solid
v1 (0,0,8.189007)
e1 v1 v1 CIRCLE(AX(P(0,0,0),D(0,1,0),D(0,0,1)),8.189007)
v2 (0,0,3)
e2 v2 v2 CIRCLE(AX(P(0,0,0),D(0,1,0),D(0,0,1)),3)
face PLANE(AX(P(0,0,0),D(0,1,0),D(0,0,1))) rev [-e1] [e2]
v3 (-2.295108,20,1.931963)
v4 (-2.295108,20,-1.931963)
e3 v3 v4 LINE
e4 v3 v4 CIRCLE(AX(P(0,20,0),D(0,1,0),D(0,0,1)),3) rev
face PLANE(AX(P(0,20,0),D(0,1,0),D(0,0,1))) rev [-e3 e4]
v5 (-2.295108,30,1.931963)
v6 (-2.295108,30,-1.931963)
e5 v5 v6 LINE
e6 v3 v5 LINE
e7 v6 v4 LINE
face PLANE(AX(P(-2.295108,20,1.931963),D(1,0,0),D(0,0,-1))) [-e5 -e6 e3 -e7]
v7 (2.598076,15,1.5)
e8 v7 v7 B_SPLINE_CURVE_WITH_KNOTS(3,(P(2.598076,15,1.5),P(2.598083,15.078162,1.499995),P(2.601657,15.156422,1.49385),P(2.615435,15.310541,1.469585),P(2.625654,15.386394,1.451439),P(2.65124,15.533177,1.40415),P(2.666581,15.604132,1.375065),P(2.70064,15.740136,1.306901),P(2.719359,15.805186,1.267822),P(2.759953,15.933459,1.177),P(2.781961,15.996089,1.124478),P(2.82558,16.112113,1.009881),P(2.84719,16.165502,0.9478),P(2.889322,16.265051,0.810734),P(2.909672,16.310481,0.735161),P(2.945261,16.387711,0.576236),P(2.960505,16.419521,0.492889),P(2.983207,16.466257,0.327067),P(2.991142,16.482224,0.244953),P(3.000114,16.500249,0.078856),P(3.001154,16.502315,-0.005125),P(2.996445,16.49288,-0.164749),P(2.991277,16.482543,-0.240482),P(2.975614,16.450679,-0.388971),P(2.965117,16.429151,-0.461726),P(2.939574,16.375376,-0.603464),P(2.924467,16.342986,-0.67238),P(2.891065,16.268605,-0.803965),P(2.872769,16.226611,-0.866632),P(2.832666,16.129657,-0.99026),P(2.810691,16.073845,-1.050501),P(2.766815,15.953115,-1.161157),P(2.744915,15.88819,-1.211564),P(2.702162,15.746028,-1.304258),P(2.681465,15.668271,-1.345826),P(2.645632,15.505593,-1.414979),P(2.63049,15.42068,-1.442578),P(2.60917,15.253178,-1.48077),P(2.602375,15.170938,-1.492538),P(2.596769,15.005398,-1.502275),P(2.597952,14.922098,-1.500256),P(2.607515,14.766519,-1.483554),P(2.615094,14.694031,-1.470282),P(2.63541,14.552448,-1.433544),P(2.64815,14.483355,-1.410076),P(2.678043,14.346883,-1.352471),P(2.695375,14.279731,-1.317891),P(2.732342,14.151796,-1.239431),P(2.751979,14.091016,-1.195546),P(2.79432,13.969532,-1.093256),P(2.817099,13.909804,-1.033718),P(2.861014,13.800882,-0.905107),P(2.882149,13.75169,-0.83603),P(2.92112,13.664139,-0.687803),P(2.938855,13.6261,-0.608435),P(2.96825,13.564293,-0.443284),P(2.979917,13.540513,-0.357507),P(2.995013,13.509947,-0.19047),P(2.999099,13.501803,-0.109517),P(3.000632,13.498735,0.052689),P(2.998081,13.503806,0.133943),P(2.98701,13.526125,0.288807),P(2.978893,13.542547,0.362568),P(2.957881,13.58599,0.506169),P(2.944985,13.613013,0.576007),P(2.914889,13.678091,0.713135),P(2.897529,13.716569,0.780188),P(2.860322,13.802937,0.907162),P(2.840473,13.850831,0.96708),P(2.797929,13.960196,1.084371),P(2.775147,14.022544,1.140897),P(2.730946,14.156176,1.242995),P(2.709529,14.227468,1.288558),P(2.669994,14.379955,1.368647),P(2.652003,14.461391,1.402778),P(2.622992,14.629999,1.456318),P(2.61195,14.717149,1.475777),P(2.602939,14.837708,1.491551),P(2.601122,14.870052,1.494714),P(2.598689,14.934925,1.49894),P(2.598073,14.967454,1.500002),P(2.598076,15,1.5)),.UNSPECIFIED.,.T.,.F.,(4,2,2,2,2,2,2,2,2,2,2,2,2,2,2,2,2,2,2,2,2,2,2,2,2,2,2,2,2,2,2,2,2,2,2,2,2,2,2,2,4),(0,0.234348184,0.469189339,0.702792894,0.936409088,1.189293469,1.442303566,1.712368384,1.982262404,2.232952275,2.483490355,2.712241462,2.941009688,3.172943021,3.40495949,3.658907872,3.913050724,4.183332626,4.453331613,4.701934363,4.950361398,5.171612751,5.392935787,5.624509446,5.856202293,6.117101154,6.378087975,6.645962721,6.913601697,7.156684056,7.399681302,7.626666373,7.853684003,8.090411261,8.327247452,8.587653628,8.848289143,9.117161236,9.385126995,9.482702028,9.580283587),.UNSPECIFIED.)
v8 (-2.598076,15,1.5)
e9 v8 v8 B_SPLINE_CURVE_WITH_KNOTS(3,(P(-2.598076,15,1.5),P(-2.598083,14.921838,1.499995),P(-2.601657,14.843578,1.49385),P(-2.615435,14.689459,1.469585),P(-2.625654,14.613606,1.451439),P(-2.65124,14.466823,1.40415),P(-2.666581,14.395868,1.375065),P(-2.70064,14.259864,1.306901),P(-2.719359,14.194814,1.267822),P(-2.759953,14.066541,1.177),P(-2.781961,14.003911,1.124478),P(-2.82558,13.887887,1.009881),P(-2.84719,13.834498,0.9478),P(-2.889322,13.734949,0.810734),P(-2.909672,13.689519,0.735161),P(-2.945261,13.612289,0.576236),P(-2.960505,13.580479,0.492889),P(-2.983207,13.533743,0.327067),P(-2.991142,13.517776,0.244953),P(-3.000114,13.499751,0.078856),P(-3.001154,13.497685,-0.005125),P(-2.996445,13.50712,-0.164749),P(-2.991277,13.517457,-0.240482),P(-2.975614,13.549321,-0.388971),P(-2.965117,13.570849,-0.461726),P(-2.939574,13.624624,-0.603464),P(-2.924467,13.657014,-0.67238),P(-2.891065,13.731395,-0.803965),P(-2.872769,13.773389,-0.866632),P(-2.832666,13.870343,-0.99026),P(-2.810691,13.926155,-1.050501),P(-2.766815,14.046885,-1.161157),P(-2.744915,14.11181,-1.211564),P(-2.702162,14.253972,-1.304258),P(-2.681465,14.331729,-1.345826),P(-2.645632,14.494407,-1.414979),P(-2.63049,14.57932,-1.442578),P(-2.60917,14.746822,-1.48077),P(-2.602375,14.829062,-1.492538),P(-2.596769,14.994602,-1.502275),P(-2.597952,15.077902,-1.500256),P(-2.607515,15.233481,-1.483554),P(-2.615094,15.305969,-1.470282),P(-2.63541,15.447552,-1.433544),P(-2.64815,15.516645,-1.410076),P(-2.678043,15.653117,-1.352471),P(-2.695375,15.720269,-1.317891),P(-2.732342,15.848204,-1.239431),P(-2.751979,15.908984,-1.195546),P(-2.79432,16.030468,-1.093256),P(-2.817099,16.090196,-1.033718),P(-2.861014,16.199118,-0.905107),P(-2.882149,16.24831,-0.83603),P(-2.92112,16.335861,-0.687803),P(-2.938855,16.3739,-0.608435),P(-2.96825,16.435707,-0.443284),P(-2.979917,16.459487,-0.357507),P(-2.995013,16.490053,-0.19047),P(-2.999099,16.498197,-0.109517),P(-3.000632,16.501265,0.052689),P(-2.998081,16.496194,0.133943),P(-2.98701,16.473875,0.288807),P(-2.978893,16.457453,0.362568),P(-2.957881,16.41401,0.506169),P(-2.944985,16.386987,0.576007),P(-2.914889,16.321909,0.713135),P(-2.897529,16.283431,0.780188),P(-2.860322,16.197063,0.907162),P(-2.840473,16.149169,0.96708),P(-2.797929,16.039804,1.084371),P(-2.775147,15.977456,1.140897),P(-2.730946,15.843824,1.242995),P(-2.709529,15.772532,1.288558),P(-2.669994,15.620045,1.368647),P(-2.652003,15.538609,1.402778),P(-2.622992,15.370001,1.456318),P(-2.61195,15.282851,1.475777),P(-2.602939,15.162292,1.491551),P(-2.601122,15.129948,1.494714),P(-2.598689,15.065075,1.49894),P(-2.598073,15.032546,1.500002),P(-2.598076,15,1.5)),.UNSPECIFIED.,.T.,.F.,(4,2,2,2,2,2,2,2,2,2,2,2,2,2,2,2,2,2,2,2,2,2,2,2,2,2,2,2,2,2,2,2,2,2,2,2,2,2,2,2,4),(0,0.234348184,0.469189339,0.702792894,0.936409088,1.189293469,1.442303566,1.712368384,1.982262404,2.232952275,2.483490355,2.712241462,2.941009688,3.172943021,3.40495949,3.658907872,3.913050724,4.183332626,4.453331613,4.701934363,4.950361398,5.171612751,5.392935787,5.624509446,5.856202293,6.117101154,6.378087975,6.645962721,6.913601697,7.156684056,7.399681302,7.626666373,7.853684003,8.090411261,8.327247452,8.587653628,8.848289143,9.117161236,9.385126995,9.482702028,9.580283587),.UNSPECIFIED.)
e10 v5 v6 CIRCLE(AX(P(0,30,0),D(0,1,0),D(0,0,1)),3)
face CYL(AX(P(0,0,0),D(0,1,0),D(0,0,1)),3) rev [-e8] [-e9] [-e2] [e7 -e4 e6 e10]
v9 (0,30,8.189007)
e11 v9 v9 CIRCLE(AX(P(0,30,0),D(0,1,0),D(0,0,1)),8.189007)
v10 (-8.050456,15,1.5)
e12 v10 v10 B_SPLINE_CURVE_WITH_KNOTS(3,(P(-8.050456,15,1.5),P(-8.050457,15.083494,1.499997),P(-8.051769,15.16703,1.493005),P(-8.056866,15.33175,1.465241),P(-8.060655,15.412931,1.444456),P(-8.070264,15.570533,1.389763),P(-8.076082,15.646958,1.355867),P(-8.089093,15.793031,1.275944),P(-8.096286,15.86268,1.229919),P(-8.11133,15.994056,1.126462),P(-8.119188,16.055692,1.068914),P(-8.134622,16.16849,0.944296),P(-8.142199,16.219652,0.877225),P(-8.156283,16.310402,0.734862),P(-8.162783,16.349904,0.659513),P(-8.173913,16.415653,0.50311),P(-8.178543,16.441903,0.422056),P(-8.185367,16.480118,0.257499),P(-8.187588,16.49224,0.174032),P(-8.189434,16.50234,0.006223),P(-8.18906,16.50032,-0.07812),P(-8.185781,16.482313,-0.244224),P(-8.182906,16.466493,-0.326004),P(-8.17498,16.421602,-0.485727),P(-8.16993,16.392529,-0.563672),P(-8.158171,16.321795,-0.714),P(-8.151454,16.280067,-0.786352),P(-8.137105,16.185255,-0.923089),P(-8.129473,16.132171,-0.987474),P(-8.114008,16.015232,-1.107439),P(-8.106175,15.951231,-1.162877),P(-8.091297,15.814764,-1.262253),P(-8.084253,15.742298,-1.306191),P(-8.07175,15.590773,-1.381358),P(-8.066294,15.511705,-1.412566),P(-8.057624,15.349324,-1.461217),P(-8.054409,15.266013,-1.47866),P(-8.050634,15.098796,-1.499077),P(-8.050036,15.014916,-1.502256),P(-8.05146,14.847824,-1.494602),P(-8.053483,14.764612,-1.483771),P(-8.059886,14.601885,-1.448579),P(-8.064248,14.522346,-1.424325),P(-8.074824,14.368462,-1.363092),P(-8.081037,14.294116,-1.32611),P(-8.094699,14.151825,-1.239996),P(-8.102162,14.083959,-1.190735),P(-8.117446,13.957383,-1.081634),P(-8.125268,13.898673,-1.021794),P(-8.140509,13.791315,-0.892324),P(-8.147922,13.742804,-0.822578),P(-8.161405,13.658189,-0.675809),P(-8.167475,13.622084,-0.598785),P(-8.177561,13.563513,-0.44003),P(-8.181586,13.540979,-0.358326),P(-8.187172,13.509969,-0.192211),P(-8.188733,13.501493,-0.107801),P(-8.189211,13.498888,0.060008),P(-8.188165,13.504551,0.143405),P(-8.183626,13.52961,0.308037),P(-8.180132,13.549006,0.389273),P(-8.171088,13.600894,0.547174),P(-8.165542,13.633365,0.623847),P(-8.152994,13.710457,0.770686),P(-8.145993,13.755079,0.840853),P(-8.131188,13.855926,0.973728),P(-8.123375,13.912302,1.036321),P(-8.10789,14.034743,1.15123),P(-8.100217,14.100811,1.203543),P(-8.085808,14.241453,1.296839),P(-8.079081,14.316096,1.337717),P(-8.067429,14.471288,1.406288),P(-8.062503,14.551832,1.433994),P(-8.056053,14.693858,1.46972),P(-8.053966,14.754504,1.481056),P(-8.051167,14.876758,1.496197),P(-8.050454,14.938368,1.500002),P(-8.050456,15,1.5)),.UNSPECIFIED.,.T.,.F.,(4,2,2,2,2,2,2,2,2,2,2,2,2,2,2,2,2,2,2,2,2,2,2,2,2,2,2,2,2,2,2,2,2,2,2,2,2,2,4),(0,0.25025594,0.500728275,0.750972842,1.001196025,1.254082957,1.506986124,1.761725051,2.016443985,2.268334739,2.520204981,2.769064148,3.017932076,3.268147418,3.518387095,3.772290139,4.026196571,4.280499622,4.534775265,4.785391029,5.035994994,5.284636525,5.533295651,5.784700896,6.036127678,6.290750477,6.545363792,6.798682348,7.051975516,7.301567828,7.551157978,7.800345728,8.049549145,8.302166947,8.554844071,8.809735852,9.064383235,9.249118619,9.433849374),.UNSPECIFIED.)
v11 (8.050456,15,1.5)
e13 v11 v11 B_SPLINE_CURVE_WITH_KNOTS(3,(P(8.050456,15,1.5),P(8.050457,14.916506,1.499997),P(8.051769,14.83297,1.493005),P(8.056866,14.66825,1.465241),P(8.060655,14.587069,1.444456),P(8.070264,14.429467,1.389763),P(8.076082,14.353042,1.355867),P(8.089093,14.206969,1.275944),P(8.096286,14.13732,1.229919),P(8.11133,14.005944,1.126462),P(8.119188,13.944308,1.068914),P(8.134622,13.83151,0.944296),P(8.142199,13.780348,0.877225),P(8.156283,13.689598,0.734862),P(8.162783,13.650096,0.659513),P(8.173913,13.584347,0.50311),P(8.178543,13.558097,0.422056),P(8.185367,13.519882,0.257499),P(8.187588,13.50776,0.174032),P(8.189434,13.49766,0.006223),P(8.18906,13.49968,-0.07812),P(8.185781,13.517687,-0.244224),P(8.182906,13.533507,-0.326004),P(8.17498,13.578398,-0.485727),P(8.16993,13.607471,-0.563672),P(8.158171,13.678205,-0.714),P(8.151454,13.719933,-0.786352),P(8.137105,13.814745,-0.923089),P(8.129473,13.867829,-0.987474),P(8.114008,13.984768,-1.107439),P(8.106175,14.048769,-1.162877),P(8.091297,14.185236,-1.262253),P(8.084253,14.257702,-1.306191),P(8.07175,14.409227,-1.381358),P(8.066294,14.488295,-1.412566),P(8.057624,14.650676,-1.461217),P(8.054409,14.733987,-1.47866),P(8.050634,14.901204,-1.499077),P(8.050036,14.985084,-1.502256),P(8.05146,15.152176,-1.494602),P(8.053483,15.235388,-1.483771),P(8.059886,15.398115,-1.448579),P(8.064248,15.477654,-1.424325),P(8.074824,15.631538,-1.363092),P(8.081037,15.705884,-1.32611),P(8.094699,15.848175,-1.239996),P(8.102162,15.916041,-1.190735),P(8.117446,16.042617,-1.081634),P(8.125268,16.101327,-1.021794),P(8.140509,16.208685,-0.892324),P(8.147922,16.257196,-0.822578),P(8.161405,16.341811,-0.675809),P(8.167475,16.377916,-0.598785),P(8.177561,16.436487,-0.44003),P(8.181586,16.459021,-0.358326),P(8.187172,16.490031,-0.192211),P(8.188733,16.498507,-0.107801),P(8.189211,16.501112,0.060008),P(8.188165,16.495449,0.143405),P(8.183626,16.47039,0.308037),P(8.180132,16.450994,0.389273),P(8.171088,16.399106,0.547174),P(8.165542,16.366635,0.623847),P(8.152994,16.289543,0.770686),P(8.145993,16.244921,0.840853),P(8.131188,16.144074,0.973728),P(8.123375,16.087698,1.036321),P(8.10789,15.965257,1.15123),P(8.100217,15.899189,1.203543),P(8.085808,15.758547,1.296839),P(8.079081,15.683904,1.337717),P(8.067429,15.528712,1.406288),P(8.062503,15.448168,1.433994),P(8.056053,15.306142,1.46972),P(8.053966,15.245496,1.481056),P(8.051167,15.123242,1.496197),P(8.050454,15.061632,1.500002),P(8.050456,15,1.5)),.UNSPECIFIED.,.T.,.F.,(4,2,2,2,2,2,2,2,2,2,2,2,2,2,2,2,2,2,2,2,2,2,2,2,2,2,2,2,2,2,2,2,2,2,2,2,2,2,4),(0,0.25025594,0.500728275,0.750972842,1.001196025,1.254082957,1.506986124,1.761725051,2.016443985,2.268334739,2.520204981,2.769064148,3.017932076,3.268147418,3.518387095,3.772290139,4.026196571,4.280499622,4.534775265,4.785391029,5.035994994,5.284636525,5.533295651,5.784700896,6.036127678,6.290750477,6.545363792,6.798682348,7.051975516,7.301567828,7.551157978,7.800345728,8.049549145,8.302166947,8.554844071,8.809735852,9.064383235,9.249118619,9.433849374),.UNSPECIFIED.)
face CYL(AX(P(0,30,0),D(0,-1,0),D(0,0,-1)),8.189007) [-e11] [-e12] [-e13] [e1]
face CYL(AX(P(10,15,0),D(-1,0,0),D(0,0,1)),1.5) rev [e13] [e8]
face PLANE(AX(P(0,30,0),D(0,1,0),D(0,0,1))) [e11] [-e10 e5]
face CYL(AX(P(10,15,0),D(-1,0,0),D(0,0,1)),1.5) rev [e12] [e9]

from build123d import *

# Parameters (mm, degrees)
SKETCH1_R               = 8.189006913
BOSS_EXTRUDE1_DEPTH     = 30
SKETCH2_R               = 3
CUT_EXTRUDE1_DEPTH      = 30
SKETCH4_W               = 1.839212521
SKETCH4_H               = 4.190652527
BOSS_EXTRUDE2_DEPTH     = 10
CUT_EXTRUDE2_DEPTH      = 10
CUT_EXTRUDE2_DEPTH_BACK = 10
SKETCH3_R               = 1.5


with BuildPart() as part:
    # Sketch1 → Boss-Extrude1 (new body)
    with BuildSketch(Plane(origin=(0, 0, 0), x_dir=(1, 0, 0), z_dir=(0, 1, 0))):
        Circle(SKETCH1_R)
    extrude(amount=BOSS_EXTRUDE1_DEPTH)

    # Sketch2 → Cut-Extrude1 (cut)
    with BuildSketch(Plane(origin=(0, 30, 0), x_dir=(1, 0, 0), z_dir=(0, 1, 0))):
        Circle(SKETCH2_R)
    extrude(amount=-CUT_EXTRUDE1_DEPTH, mode=Mode.SUBTRACT)

    # Sketch4 → Boss-Extrude2 (add)
    with BuildSketch(Plane(origin=(0, 30, 0), x_dir=(1, 0, 0), z_dir=(0, 1, 0))):
        with Locations((-3.214713917, 0.163363311)):
            Rectangle(SKETCH4_W, SKETCH4_H)
    extrude(amount=-BOSS_EXTRUDE2_DEPTH)

    # Sketch3 → Cut-Extrude2 (cut, two sides: drawn at the far end of the back side and taken through both)
    with BuildSketch(Plane(origin=(0, 0, 0), x_dir=(0, 0, -1), z_dir=(1, 0, 0)).offset(-CUT_EXTRUDE2_DEPTH_BACK)):
        with Locations((0, 15)):
            Circle(SKETCH3_R)
    extrude(amount=CUT_EXTRUDE2_DEPTH + CUT_EXTRUDE2_DEPTH_BACK, mode=Mode.SUBTRACT)


solid = part.part
